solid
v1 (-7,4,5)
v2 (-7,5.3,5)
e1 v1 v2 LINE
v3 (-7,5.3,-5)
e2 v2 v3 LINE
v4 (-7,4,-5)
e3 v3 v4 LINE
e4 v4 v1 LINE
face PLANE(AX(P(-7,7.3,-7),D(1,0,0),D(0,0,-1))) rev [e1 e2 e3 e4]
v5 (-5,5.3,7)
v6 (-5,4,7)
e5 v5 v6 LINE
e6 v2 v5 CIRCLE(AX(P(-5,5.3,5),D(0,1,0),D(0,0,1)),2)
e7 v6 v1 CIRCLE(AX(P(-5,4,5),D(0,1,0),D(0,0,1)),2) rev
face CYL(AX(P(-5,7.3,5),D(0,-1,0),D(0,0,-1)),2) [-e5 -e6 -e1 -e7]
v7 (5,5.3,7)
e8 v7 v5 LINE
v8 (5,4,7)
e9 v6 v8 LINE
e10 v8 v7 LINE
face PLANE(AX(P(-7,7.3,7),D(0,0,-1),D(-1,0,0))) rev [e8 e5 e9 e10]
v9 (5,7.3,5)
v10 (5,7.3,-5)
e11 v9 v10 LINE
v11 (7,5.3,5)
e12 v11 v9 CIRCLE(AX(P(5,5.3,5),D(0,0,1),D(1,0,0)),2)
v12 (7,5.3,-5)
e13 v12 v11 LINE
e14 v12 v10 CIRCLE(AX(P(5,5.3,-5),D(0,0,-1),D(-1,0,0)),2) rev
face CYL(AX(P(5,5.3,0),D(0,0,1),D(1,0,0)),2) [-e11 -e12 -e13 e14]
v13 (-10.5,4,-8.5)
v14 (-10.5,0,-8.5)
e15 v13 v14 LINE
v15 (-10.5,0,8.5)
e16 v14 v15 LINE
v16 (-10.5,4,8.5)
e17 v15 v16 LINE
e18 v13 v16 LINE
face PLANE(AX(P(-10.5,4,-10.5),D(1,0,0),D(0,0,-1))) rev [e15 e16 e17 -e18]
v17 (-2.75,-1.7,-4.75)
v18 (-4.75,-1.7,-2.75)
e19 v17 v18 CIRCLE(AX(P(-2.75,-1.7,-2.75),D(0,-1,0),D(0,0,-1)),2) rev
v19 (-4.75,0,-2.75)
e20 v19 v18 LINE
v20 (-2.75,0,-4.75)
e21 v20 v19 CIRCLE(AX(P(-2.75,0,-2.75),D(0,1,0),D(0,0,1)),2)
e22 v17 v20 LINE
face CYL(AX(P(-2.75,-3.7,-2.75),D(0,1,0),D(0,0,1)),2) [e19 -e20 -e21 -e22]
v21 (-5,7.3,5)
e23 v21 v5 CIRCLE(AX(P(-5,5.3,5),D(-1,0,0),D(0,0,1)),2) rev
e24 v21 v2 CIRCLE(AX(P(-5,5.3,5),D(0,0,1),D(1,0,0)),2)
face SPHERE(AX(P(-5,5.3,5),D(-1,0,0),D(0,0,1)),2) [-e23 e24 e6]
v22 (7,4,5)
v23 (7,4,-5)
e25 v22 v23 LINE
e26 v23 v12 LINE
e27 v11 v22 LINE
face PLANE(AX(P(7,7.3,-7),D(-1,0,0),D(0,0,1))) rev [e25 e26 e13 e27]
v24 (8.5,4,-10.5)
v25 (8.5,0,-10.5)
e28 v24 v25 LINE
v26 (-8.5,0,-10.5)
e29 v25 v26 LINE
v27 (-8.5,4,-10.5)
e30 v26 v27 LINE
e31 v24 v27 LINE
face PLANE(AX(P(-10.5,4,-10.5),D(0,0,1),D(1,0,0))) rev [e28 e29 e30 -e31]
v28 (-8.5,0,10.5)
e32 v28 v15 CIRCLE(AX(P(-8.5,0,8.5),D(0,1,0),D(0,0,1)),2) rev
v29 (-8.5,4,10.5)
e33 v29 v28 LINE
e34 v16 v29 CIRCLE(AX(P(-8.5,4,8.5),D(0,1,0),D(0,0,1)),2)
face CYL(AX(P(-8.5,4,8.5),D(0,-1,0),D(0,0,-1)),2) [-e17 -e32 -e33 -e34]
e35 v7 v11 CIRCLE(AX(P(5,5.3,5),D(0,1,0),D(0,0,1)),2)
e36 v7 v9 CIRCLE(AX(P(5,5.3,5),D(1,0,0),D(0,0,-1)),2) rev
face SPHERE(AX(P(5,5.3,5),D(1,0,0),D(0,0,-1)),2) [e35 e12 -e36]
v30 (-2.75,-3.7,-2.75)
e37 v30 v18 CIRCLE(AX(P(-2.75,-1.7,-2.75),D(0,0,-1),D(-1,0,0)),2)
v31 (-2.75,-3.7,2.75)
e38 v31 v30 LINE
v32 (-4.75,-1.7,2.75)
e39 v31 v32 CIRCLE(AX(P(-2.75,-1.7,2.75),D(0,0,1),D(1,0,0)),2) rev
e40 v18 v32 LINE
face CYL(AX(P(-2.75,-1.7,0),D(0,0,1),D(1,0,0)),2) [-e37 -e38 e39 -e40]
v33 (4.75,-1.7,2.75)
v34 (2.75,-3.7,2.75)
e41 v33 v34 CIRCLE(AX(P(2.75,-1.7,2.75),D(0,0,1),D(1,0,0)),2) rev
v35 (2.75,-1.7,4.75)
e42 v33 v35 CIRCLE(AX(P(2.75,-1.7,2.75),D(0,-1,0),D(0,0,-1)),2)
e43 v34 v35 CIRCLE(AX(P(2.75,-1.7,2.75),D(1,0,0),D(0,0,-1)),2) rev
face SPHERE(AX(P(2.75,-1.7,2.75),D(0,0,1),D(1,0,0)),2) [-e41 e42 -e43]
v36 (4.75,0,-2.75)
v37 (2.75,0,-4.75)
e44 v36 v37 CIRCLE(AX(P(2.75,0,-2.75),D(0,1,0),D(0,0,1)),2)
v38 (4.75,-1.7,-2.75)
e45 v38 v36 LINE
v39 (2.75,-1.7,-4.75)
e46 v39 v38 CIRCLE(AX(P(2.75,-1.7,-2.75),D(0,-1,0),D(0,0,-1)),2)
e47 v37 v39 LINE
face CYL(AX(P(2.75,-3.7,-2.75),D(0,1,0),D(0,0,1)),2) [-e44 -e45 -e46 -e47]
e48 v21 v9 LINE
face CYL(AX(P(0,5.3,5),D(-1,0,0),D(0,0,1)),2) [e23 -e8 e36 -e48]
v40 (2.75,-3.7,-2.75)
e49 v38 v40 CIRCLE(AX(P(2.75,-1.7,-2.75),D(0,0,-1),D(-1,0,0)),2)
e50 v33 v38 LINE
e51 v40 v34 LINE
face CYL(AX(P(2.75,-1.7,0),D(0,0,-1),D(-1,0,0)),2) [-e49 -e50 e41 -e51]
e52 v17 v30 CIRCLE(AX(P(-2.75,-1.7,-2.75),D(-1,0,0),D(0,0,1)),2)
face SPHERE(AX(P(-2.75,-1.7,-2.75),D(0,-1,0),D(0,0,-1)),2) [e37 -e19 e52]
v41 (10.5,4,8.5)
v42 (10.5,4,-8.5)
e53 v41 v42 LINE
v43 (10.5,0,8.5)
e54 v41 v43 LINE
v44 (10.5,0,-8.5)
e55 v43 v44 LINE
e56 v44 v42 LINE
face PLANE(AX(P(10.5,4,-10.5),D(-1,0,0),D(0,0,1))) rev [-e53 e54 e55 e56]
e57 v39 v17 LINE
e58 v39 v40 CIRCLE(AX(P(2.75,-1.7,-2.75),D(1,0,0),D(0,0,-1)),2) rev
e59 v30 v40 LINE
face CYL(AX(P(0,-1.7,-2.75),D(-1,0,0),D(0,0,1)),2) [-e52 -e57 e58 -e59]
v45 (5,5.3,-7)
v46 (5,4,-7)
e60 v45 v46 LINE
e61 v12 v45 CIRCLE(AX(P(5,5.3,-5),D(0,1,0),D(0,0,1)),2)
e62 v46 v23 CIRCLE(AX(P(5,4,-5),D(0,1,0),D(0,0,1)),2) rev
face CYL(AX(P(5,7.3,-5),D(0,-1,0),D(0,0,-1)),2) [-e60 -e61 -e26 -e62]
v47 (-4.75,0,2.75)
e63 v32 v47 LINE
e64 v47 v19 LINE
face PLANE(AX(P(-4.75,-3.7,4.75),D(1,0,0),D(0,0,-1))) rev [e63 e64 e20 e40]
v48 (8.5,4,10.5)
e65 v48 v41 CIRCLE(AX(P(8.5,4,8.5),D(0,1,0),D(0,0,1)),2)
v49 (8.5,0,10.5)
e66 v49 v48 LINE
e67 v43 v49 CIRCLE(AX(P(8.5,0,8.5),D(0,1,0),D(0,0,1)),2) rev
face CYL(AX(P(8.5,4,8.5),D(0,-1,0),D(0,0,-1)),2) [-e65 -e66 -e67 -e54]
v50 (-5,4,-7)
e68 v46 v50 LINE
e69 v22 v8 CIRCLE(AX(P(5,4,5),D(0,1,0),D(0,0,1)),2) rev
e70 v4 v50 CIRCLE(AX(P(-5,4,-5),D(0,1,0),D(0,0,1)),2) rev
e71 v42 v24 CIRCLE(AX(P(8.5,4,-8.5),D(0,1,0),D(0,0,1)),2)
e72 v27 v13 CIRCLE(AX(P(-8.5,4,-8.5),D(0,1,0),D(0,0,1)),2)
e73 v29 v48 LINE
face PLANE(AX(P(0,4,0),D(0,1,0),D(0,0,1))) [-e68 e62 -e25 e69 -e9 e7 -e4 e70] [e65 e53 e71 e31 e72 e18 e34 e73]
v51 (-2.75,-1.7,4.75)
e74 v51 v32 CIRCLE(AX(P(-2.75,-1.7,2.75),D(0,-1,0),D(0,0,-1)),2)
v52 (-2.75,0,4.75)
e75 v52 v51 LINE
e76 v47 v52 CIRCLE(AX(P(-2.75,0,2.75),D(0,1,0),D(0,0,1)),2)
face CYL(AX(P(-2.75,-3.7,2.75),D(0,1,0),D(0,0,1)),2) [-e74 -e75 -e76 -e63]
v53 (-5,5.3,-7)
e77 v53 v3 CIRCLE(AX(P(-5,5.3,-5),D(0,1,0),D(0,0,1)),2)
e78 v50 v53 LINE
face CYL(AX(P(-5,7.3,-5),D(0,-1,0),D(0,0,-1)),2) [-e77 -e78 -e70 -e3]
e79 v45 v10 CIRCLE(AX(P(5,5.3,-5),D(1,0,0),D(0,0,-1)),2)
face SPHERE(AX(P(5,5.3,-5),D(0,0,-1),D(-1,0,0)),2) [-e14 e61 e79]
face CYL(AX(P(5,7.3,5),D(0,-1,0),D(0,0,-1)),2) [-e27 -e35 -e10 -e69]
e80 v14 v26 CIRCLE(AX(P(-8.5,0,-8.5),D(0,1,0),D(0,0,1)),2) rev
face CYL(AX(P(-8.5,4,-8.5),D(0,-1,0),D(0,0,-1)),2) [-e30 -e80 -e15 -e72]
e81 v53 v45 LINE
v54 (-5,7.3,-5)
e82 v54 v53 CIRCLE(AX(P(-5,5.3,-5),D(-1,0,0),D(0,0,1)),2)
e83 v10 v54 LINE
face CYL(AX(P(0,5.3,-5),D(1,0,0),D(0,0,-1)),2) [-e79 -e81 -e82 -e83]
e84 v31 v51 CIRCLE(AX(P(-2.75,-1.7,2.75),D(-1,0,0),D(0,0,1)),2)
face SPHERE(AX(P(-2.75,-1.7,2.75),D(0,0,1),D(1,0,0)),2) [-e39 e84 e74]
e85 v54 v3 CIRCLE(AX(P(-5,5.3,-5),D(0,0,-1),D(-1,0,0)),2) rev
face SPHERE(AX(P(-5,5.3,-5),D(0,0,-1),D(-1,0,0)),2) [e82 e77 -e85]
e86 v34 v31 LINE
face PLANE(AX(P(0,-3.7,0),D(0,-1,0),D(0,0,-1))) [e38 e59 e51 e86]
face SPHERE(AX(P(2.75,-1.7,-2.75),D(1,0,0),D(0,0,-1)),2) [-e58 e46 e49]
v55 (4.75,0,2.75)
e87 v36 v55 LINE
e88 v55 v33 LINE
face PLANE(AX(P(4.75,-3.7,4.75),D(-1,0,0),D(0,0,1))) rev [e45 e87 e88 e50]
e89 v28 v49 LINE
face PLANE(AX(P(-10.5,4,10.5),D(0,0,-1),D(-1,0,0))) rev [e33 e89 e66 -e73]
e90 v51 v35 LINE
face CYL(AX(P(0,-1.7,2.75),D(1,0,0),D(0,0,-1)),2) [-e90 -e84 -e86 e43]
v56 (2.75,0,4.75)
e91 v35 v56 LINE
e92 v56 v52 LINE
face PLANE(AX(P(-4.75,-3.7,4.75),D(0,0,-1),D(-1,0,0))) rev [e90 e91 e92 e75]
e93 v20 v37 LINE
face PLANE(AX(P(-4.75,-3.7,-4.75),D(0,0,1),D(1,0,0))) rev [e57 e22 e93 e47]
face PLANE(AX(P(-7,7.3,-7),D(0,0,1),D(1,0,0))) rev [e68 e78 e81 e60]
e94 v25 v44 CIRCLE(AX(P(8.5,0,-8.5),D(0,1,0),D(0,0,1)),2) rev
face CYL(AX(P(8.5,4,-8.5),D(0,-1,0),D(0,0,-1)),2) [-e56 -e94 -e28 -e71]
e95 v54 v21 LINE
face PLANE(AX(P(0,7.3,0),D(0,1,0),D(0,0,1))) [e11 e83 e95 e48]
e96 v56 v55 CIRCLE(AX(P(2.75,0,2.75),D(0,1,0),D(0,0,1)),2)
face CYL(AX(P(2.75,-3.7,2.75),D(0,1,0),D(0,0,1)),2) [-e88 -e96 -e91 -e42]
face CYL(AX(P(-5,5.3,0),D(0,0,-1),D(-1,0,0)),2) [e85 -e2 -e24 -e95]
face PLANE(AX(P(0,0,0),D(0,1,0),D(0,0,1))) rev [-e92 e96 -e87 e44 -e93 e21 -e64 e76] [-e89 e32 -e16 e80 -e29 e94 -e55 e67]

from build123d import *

# Parameters (mm, degrees)
SKETCH1_W           = 21
SKETCH1_H           = 21
BOSS_EXTRUDE1_DEPTH = 4
SKETCH2_W           = 9.5
SKETCH2_H           = 9.5
BOSS_EXTRUDE2_DEPTH = 3.7
SKETCH3_W           = 14
SKETCH3_H           = 14
BOSS_EXTRUDE3_DEPTH = 3.3
FILLET1_R           = 2
FILLET2_R           = 2
FILLET3_R           = 2


with BuildPart() as part:
    # Sketch1 → Boss-Extrude1 (new body)
    with BuildSketch(Plane(origin=(0, 0, 0), x_dir=(1, 0, 0), z_dir=(0, 1, 0))):
        Rectangle(SKETCH1_W, SKETCH1_H)
    extrude(amount=BOSS_EXTRUDE1_DEPTH)

    # Sketch2 → Boss-Extrude2 (add)
    with BuildSketch(Plane.XZ):
        Rectangle(SKETCH2_W, SKETCH2_H)
    extrude(amount=BOSS_EXTRUDE2_DEPTH)

    # Sketch3 → Boss-Extrude3 (add)
    with BuildSketch(Plane(origin=(0, 4, 0), x_dir=(1, 0, 0), z_dir=(0, 1, 0))):
        Rectangle(SKETCH3_W, SKETCH3_H)
    extrude(amount=BOSS_EXTRUDE3_DEPTH)

    # Fillet1
    fillet1_edges = [part.edges().sort_by_distance(p)[0] for p in [
        (10.5, 2, 10.5),
        (-10.5, 2, 10.5),
        (-10.5, 2, -10.5),
        (10.5, 2, -10.5),
    ]]
    fillet(fillet1_edges, radius=FILLET1_R)

    # Fillet2
    fillet2_edges = [part.edges().sort_by_distance(p)[0] for p in [
        (7, 5.65, 7),
        (7, 5.65, -7),
        (-7, 5.65, -7),
        (-7, 5.65, 7),
        (7, 7.3, 0),
        (0, 7.3, -7),
        (-7, 7.3, 0),
        (0, 7.3, 7),
    ]]
    fillet(fillet2_edges, radius=FILLET2_R)

    # Fillet3
    fillet3_edges = [part.edges().sort_by_distance(p)[0] for p in [
        (4.75, -1.85, -4.75),
        (4.75, -1.85, 4.75),
        (-4.75, -1.85, 4.75),
        (-4.75, -1.85, -4.75),
        (4.75, -3.7, 0),
        (0, -3.7, 4.75),
        (-4.75, -3.7, 0),
        (0, -3.7, -4.75),
    ]]
    fillet(fillet3_edges, radius=FILLET3_R)


solid = part.part
